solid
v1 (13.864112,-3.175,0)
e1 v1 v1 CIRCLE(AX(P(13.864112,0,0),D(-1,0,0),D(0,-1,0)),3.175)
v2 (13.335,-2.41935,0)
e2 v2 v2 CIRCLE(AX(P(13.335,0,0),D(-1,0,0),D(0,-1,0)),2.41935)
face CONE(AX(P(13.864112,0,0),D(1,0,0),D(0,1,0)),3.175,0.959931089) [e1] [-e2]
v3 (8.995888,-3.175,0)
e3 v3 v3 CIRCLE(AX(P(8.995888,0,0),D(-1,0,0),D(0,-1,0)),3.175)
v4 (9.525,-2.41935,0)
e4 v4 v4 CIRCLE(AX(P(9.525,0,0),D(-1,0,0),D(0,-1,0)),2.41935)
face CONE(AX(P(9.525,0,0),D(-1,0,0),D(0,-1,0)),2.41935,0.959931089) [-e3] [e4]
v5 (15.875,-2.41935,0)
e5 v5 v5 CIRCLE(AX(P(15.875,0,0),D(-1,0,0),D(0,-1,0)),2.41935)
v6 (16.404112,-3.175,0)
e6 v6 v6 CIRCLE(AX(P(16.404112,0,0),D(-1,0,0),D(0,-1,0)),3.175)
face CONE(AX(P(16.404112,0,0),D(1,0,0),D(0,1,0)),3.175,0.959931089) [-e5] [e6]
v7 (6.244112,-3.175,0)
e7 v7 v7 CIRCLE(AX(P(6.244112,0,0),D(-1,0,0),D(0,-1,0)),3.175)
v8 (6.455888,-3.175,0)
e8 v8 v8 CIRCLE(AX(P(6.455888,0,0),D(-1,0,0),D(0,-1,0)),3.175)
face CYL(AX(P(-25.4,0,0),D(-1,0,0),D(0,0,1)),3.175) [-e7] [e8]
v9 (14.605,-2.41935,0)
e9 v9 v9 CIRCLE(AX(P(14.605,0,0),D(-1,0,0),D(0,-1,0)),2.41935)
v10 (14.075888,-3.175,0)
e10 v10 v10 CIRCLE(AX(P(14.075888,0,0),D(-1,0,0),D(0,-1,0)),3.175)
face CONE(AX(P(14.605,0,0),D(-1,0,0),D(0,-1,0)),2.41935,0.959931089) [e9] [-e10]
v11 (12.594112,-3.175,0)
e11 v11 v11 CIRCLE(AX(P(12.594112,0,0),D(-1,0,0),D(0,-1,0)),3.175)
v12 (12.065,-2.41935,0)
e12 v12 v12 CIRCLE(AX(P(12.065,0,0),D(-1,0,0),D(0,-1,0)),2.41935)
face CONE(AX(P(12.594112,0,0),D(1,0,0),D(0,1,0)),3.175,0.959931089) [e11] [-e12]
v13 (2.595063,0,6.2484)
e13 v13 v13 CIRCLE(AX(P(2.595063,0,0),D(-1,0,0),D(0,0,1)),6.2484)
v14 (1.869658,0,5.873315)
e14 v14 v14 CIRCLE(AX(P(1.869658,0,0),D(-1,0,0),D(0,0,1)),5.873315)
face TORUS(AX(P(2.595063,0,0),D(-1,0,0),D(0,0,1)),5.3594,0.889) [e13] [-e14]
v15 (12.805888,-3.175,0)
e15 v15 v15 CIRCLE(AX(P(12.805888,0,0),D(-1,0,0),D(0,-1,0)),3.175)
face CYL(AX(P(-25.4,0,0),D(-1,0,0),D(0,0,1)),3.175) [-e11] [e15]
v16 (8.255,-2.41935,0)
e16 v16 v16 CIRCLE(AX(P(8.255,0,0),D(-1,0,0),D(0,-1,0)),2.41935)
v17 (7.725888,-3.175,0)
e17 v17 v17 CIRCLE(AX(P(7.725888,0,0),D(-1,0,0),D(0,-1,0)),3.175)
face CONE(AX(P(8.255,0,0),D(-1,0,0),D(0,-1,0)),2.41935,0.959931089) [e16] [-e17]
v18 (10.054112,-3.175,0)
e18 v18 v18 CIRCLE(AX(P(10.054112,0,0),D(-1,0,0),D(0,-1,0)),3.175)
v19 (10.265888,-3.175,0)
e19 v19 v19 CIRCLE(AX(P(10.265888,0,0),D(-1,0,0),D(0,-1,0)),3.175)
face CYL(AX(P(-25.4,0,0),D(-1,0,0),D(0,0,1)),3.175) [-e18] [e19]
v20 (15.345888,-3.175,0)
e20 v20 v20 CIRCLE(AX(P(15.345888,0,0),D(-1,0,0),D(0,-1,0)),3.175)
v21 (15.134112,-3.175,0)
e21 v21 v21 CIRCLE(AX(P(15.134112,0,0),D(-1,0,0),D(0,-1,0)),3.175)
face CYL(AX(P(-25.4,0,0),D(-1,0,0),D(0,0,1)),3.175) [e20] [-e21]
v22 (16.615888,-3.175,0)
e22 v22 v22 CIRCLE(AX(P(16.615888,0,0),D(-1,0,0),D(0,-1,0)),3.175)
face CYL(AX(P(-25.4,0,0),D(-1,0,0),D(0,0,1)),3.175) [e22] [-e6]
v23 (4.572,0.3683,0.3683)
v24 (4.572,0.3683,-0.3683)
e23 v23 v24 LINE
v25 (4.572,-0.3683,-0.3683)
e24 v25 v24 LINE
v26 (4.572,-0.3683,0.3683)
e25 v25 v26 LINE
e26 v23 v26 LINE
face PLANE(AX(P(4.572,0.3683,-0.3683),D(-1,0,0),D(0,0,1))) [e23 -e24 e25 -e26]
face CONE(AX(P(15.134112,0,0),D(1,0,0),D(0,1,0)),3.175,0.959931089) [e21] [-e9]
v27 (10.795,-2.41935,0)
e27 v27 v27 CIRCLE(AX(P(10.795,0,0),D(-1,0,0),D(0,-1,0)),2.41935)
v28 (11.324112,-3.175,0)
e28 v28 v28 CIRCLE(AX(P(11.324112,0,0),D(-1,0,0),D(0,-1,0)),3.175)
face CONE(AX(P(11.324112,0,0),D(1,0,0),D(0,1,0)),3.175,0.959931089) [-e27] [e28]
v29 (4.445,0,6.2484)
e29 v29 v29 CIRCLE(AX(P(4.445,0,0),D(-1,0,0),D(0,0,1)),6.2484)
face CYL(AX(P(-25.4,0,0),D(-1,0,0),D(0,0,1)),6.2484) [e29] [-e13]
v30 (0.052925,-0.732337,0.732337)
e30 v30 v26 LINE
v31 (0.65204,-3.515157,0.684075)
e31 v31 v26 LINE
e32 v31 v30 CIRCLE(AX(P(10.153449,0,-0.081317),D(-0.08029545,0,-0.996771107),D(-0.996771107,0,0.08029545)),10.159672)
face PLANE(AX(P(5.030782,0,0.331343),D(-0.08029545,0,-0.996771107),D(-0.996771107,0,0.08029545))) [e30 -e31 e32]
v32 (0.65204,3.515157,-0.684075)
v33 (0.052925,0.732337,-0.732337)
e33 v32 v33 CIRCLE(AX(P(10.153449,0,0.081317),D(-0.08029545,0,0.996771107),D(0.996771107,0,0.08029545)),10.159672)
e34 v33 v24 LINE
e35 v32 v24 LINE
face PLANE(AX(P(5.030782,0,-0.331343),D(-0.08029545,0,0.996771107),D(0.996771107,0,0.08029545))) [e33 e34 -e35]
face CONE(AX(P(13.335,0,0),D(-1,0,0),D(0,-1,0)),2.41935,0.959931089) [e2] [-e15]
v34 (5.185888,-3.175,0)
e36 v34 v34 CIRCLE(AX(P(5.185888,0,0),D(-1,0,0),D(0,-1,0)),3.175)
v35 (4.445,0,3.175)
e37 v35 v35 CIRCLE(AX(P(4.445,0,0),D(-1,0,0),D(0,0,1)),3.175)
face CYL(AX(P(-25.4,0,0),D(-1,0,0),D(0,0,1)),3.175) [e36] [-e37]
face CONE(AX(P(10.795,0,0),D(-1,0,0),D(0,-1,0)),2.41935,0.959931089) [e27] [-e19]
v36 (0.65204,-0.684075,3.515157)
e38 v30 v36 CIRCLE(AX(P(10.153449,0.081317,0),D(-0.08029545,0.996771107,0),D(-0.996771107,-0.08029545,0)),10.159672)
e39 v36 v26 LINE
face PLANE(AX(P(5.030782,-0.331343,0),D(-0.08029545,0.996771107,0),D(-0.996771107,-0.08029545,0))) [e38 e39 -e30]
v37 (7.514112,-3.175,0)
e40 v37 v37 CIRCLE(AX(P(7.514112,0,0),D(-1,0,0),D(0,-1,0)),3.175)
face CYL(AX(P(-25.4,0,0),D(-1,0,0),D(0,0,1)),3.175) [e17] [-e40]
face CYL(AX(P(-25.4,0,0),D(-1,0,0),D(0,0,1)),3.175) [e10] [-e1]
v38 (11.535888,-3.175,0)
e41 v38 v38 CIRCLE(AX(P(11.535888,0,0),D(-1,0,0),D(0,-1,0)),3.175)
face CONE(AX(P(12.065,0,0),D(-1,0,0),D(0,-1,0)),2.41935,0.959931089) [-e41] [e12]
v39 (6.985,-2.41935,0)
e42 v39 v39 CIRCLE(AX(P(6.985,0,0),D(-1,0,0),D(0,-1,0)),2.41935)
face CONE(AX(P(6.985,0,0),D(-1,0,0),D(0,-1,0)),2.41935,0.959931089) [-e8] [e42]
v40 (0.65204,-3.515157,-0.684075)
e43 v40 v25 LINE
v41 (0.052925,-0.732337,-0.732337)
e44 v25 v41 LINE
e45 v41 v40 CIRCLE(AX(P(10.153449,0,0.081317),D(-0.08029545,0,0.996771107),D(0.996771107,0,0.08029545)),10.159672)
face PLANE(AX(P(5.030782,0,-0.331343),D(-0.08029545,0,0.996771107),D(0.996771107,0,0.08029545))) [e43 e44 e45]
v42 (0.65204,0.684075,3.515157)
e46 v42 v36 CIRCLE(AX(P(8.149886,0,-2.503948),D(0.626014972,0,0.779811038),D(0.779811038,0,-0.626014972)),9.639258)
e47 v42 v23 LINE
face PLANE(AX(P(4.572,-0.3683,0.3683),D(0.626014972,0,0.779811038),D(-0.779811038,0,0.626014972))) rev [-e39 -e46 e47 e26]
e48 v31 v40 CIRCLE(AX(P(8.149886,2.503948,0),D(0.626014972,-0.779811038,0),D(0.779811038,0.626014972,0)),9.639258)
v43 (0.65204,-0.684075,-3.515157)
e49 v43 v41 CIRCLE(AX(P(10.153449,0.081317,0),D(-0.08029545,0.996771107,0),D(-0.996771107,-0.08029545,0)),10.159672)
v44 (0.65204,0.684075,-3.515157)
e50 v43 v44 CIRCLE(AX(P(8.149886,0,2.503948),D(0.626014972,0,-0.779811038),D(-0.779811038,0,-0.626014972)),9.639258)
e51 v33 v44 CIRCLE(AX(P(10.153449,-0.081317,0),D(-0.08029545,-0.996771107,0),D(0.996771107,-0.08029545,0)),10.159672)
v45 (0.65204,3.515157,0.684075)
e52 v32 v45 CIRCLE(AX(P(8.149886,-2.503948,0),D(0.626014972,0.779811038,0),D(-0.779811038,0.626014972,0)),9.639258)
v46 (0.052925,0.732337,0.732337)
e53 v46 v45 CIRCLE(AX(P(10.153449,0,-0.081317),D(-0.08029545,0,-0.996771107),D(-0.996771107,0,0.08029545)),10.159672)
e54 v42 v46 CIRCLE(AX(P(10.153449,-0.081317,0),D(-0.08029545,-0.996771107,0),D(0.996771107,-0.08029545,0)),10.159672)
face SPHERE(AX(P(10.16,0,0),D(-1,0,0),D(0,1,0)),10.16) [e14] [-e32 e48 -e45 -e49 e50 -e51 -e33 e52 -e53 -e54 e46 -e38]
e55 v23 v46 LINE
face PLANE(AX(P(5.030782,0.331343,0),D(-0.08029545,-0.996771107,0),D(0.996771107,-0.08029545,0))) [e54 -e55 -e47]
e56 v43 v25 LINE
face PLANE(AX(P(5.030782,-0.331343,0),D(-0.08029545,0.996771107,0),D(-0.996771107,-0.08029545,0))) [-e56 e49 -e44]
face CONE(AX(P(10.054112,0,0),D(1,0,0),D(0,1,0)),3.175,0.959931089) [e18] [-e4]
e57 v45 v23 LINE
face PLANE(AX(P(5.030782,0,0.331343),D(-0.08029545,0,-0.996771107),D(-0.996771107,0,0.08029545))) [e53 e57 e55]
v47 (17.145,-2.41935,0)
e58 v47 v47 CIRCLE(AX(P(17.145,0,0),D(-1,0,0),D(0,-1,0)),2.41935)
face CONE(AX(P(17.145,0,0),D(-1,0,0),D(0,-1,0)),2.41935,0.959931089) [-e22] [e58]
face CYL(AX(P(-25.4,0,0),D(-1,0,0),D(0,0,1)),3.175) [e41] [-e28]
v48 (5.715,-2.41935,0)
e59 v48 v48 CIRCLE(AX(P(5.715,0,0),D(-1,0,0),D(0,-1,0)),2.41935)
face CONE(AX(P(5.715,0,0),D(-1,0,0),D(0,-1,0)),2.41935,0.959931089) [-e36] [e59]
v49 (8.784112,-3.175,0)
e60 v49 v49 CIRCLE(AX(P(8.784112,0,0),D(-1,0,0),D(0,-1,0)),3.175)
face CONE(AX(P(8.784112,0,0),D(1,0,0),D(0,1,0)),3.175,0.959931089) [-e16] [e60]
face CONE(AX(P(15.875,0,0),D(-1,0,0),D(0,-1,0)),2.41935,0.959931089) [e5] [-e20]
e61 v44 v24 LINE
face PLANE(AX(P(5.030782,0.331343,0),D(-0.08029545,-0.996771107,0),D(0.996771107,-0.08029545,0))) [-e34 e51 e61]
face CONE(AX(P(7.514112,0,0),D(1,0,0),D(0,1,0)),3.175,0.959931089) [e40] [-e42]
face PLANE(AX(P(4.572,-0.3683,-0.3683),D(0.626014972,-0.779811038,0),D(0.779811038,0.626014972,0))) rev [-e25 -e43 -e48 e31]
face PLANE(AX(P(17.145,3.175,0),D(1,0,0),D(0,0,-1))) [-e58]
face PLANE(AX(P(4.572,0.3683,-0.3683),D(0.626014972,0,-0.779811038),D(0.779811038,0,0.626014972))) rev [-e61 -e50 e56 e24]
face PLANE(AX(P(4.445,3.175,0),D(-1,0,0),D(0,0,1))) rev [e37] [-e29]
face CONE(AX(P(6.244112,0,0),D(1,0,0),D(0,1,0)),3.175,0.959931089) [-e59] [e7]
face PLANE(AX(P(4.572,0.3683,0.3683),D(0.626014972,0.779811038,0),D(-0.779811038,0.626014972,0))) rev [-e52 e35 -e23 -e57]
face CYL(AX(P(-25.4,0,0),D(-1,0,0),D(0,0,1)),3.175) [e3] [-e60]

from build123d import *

# Parameters (mm, degrees)
CIRPATTERN1_COUNT = 2
CIRPATTERN1_ANGLE = 90
THDSCHPAT_COUNT   = 10
THDSCHPAT_PITCH   = 1.27


with BuildPart() as part:
    # BodySke → Base-Revolve (revolve)
    with BuildSketch(Plane.XY, mode=Mode.PRIVATE) as base_revolve_sk:
        with BuildLine():
            Line((4.445, 3.175), (4.445, 6.2484))
            Line((4.445, 6.2484), (2.595062945, 6.2484))
            ThreePointArc((2.595062945, 6.2484), (2.186742909, 6.149080789), (1.869658022, 5.873315068))
            ThreePointArc((1.869658022, 5.873315068), (0.478691346, 3.081860275), (0, 0))
            Line((0, 0), (17.145, 0))
            Line((17.145, 0), (17.145, 3.175))
            Line((17.145, 3.175), (4.445, 3.175))
        make_face()
    revolve(base_revolve_sk.sketch.rotate(Axis((-25.4, 0, 0), (1, 0, 0)), 90), axis=Axis((-25.4, 0, 0), (1, 0, 0)))

    # Sketch3 → Cut-Loft1 section 0
    with BuildSketch(Plane(origin=(0, 0, 0), x_dir=(0, 0, -1), z_dir=(1, 0, 0))):
        with BuildLine():
            Line((0.7366, -4.0386), (-0.7366, -4.0386))
            Line((-0.7366, -4.0386), (-0.7366, 4.0386))
            Line((-0.7366, 4.0386), (0.7366, 4.0386))
            Line((0.7366, 4.0386), (0.7366, -4.0386))
        make_face()
    # Sketch4 → Cut-Loft1 section 1
    with BuildSketch(Plane(origin=(4.572, 0, 0), x_dir=(0, 0, -1), z_dir=(1, 0, 0))):
        with BuildLine():
            Line((0.3683, -0.3683), (-0.3683, -0.3683))
            Line((-0.3683, -0.3683), (-0.3683, 0.3683))
            Line((-0.3683, 0.3683), (0.3683, 0.3683))
            Line((0.3683, 0.3683), (0.3683, -0.3683))
        make_face()
    cut_loft1 = loft(mode=Mode.SUBTRACT)

    # CirPattern1: Cut-Loft1 ×2 about axis
    cirpattern1_axis = Axis((0, 0, 0), (1, 0, 0))
    for i in range(1, CIRPATTERN1_COUNT):
        add(cut_loft1.rotate(cirpattern1_axis, i * CIRPATTERN1_ANGLE / (CIRPATTERN1_COUNT - 1)), mode=Mode.SUBTRACT)

    # ThdSchSke → ThreadSchematic (revolve, cut)
    with BuildSketch(Plane.XY, mode=Mode.PRIVATE) as threadschematic_sk:
        Polygon((5.715, -2.41935), (5.185888174, -3.175), (5.185888174, -3.96875), (6.244111826, -3.96875), (6.244111826, -3.175), align=None)
    threadschematic = revolve(threadschematic_sk.sketch.rotate(Axis((-3.175, 0, 0), (1, 0, 0)), 270), axis=Axis((-3.175, 0, 0), (1, 0, 0)), mode=Mode.SUBTRACT)

    # ThdSchPat: ThreadSchematic ×10
    with Locations(*[(i * THDSCHPAT_PITCH, 0, 0) for i in range(1, THDSCHPAT_COUNT)]):
        add(threadschematic, mode=Mode.SUBTRACT)


solid = part.part
